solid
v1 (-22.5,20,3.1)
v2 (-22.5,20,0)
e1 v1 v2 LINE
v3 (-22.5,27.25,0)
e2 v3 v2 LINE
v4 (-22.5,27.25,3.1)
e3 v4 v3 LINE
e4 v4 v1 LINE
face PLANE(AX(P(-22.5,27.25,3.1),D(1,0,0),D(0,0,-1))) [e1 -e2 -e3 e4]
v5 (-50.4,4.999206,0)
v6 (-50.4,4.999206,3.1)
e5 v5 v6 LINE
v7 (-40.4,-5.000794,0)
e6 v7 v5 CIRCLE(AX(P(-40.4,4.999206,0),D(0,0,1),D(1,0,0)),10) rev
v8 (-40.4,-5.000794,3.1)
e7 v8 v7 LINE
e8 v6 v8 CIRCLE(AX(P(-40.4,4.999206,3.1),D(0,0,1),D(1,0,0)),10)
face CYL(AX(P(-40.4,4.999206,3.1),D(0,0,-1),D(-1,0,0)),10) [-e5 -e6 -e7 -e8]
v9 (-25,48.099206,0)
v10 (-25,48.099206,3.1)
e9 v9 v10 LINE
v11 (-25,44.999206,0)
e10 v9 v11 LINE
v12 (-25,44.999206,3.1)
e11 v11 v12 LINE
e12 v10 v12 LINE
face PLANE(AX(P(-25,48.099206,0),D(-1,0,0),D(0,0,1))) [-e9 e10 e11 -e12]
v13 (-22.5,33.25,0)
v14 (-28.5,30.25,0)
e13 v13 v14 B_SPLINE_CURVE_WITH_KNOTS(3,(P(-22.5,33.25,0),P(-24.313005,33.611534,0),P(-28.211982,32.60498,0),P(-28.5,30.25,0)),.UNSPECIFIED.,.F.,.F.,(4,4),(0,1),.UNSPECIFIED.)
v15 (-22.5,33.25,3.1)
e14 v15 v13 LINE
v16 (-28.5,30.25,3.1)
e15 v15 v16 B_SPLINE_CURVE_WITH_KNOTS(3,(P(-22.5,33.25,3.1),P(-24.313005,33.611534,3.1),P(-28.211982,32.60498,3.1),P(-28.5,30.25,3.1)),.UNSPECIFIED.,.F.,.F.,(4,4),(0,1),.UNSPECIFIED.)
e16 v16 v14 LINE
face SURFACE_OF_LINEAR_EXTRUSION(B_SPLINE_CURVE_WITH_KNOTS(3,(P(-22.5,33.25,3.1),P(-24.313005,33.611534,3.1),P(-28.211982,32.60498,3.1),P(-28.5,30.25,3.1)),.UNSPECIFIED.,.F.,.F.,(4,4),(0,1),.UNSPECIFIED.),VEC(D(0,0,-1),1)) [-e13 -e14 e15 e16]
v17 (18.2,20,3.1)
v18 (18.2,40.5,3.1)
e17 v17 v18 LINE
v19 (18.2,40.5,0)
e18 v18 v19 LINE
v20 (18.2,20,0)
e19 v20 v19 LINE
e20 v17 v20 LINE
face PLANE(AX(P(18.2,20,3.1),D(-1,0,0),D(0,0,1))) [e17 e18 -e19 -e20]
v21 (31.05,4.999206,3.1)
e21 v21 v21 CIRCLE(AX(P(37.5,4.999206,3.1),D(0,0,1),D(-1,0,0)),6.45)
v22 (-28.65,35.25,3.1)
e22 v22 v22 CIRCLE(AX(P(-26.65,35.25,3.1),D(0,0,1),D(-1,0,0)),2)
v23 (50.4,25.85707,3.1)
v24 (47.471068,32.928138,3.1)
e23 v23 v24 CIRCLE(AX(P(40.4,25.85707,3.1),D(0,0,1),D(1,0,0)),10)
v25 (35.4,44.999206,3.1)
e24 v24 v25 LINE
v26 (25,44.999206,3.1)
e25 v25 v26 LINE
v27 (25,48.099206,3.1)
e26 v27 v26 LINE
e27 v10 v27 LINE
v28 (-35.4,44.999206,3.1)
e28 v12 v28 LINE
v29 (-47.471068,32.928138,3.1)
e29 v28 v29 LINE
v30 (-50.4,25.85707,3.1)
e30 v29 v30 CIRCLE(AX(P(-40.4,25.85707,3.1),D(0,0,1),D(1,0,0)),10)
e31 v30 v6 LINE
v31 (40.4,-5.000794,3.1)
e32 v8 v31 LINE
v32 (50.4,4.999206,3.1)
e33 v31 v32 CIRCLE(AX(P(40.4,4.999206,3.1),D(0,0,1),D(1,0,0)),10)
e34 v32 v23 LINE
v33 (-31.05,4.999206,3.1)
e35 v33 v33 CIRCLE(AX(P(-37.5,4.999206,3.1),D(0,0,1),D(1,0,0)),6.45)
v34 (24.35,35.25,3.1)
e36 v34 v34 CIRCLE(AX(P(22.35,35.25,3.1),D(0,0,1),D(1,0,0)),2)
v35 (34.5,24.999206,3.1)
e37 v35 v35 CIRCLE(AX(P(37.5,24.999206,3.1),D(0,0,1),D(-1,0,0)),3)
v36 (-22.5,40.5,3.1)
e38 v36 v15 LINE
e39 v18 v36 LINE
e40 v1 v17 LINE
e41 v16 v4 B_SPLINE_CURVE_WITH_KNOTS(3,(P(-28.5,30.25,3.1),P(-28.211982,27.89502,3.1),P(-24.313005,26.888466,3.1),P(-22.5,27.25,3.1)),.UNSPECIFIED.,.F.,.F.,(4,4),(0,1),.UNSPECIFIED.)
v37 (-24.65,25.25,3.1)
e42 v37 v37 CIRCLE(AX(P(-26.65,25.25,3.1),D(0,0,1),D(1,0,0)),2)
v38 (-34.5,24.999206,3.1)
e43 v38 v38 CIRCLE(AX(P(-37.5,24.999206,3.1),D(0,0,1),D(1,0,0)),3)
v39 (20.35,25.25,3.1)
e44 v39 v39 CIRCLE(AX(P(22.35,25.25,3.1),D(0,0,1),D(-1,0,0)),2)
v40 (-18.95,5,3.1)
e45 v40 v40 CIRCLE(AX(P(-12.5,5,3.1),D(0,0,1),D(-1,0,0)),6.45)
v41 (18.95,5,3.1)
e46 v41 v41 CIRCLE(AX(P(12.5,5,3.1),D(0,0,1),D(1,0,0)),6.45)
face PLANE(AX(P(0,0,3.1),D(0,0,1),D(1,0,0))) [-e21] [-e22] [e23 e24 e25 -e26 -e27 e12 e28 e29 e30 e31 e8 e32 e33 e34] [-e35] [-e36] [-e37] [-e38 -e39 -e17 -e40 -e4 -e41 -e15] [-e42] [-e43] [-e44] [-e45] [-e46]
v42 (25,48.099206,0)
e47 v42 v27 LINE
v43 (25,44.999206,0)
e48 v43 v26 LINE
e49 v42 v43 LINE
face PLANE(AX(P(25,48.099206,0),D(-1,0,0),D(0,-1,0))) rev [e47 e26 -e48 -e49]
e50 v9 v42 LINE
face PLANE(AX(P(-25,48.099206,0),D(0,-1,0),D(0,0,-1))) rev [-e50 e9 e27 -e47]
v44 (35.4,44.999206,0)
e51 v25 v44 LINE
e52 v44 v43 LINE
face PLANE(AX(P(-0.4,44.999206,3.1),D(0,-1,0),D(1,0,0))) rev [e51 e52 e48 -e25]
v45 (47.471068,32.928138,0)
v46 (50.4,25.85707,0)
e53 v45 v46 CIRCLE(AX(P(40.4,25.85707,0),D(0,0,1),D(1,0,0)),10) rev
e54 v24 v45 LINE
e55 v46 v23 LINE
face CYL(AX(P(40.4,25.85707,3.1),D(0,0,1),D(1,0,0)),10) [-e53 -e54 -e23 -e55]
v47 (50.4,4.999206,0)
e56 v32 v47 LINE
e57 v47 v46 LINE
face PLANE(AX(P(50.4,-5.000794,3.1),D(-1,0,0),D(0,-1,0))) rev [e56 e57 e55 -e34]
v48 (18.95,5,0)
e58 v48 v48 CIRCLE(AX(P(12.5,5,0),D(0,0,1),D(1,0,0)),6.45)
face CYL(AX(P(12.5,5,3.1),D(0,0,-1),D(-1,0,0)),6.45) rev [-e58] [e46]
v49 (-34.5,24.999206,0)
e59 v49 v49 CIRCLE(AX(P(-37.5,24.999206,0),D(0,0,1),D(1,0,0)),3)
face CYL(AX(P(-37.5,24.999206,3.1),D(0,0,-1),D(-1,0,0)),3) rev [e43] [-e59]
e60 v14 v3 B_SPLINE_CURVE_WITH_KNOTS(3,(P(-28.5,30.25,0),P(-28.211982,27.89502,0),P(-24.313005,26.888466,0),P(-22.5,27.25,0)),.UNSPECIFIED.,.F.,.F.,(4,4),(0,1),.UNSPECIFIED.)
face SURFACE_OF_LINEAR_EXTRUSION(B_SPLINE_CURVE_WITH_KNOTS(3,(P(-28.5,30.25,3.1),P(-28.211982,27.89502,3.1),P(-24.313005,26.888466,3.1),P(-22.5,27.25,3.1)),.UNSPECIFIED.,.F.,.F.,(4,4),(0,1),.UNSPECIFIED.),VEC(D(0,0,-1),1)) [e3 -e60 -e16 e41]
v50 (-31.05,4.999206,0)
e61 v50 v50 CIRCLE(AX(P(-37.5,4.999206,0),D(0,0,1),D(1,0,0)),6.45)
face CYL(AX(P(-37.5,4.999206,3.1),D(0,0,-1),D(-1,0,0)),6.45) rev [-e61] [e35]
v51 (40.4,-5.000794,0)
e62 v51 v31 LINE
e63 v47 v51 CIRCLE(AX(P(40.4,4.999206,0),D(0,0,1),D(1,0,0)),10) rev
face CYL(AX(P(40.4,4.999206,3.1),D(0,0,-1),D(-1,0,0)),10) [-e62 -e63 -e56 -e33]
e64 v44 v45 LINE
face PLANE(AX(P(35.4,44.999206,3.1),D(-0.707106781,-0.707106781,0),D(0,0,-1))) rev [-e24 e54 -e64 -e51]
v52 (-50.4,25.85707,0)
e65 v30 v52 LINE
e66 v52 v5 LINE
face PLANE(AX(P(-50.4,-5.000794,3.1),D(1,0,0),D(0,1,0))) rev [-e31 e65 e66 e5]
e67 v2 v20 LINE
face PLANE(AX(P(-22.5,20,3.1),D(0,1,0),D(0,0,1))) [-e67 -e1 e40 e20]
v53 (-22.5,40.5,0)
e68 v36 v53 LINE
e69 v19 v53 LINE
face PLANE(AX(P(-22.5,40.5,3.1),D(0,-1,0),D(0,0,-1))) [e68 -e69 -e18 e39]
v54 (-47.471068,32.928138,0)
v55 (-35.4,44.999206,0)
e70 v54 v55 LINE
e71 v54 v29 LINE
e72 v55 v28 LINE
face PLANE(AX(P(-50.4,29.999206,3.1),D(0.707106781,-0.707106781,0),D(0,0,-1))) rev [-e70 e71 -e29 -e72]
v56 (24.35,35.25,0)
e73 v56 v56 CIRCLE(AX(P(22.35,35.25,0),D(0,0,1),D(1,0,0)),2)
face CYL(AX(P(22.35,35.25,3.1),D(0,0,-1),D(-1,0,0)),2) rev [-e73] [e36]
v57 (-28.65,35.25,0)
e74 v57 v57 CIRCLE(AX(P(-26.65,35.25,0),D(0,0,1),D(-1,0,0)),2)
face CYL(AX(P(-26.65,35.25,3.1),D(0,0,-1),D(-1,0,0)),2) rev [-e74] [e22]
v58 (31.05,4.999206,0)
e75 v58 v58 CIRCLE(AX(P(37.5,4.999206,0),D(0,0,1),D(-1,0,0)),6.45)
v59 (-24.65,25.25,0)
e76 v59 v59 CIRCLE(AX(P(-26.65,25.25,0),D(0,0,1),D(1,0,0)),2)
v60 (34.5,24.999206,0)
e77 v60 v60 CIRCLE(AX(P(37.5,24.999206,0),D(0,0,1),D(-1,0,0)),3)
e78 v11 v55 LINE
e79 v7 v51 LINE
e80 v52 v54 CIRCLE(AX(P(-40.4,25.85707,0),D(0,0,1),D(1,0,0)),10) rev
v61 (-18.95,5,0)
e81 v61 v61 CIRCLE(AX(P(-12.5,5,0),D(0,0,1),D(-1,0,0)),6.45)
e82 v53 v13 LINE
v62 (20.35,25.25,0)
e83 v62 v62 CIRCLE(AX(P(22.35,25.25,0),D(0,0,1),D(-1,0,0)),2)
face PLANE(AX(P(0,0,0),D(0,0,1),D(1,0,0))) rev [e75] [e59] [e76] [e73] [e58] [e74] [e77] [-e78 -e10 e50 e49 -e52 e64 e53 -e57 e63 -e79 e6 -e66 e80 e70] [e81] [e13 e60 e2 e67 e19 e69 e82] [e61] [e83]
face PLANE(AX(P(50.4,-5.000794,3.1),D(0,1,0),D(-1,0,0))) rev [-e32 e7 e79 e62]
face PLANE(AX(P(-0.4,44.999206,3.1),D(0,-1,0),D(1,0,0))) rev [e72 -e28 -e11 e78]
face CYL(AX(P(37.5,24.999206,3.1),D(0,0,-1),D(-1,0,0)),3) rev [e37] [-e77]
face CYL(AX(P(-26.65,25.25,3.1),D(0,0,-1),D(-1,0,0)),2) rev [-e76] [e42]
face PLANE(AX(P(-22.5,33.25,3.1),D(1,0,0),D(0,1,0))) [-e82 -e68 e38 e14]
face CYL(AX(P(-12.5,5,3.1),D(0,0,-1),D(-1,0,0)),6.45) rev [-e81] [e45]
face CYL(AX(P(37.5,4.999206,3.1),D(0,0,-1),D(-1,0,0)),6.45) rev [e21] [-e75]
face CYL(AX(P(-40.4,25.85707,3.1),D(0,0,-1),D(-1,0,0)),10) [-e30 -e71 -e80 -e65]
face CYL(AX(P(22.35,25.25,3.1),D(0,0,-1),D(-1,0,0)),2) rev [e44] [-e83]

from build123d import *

# Parameters (mm, degrees)
SKETCH4_R           = 6.45
BOSS_EXTRUDE3_DEPTH = 3.1
SKETCH5_R           = 2
SKETCH5_R_2         = 3
CUT_EXTRUDE4_DEPTH  = 4.1
FILLET1_R           = 10
SKETCH6_W           = 50
SKETCH6_H           = 3.1
BOSS_EXTRUDE4_DEPTH = 3.1
CHAMFER1_SIZE       = 15
FILLET2_R           = 10


with BuildPart() as part:
    # Sketch4 → Boss-Extrude3 (new body)
    with BuildSketch(Plane.XY):
        Polygon((50.399999987, -5.000794186), (-50.399999987, -5.000794186), (-50.399999987, 44.999205814), (-0.399999987, 44.999205814), (19.600000013, 44.999205814), (50.399999987, 44.999205814), align=None)
        with Locations((12.5, 5.000000001)):
            Circle(SKETCH4_R, mode=Mode.SUBTRACT)
        with Locations((-37.499999987, 4.999205814)):
            Circle(SKETCH4_R, mode=Mode.SUBTRACT)
        with Locations((37.499999987, 4.999205814)):
            Circle(SKETCH4_R, mode=Mode.SUBTRACT)
        with Locations((-12.5, 5.000000001)):
            Circle(SKETCH4_R, mode=Mode.SUBTRACT)
    extrude(amount=BOSS_EXTRUDE3_DEPTH)

    # Sketch5 → Cut-Extrude4 (cut, through all)
    with BuildSketch(Plane.XY):
        with Locations((22.35, 35.250000001)):
            Circle(SKETCH5_R)
        with Locations((22.35, 25.250000001)):
            Circle(SKETCH5_R)
        with Locations((-26.65, 25.250000001)):
            Circle(SKETCH5_R)
        with Locations((-26.65, 35.250000001)):
            Circle(SKETCH5_R)
        with Locations((37.5, 24.999205814)):
            Circle(SKETCH5_R_2)
        with Locations((-37.5, 24.999205814)):
            Circle(SKETCH5_R_2)
        with BuildLine():
            Line((-22.5, 20.000000001), (18.2, 20.000000001))
            Line((18.2, 20.000000001), (18.2, 40.500000001))
            Line((18.2, 40.500000001), (-22.5, 40.500000001))
            Line((-22.5, 40.500000001), (-22.5, 33.250000001))
            add(Edge.make_bspline(
                [(-28.5, 30.250000001), (-28.211982464, 32.604979652), (-24.313004512, 33.611534185), (-22.5, 33.250000001)],
                knots=[0, 0, 0, 0, 1, 1, 1, 1], degree=3))
            add(Edge.make_bspline(
                [(-28.5, 30.250000001), (-28.211982464, 27.89502035), (-24.313004512, 26.888465817), (-22.5, 27.250000001)],
                knots=[0, 0, 0, 0, 1, 1, 1, 1], degree=3))
            Line((-22.5, 27.250000001), (-22.5, 20.000000001))
        make_face()
    extrude(amount=CUT_EXTRUDE4_DEPTH, mode=Mode.SUBTRACT)

    # Fillet1
    fillet1_edges = [part.edges().sort_by_distance(p)[0] for p in [
        (50.399999987, -5.000794186, 1.55),
        (-50.399999987, -5.000794186, 1.55),
    ]]
    fillet(fillet1_edges, radius=FILLET1_R)

    # Sketch6 → Boss-Extrude4 (add, through all)
    with BuildSketch(Plane.XY.offset(3.1)):
        with Locations((0, 46.549205814)):
            Rectangle(SKETCH6_W, SKETCH6_H)
    extrude(amount=-BOSS_EXTRUDE4_DEPTH)

    # Chamfer1
    chamfer1_edges = [part.edges().sort_by_distance(p)[0] for p in [
        (50.399999987, 44.999205814, 1.55),
        (-50.399999987, 44.999205814, 1.55),
    ]]
    chamfer(chamfer1_edges, length=CHAMFER1_SIZE)

    # Fillet2
    fillet2_edges = [part.edges().sort_by_distance(p)[0] for p in [
        (-50.399999987, 29.999205814, 1.55),
        (50.399999987, 29.999205814, 1.55),
    ]]
    fillet(fillet2_edges, radius=FILLET2_R)


solid = part.part
